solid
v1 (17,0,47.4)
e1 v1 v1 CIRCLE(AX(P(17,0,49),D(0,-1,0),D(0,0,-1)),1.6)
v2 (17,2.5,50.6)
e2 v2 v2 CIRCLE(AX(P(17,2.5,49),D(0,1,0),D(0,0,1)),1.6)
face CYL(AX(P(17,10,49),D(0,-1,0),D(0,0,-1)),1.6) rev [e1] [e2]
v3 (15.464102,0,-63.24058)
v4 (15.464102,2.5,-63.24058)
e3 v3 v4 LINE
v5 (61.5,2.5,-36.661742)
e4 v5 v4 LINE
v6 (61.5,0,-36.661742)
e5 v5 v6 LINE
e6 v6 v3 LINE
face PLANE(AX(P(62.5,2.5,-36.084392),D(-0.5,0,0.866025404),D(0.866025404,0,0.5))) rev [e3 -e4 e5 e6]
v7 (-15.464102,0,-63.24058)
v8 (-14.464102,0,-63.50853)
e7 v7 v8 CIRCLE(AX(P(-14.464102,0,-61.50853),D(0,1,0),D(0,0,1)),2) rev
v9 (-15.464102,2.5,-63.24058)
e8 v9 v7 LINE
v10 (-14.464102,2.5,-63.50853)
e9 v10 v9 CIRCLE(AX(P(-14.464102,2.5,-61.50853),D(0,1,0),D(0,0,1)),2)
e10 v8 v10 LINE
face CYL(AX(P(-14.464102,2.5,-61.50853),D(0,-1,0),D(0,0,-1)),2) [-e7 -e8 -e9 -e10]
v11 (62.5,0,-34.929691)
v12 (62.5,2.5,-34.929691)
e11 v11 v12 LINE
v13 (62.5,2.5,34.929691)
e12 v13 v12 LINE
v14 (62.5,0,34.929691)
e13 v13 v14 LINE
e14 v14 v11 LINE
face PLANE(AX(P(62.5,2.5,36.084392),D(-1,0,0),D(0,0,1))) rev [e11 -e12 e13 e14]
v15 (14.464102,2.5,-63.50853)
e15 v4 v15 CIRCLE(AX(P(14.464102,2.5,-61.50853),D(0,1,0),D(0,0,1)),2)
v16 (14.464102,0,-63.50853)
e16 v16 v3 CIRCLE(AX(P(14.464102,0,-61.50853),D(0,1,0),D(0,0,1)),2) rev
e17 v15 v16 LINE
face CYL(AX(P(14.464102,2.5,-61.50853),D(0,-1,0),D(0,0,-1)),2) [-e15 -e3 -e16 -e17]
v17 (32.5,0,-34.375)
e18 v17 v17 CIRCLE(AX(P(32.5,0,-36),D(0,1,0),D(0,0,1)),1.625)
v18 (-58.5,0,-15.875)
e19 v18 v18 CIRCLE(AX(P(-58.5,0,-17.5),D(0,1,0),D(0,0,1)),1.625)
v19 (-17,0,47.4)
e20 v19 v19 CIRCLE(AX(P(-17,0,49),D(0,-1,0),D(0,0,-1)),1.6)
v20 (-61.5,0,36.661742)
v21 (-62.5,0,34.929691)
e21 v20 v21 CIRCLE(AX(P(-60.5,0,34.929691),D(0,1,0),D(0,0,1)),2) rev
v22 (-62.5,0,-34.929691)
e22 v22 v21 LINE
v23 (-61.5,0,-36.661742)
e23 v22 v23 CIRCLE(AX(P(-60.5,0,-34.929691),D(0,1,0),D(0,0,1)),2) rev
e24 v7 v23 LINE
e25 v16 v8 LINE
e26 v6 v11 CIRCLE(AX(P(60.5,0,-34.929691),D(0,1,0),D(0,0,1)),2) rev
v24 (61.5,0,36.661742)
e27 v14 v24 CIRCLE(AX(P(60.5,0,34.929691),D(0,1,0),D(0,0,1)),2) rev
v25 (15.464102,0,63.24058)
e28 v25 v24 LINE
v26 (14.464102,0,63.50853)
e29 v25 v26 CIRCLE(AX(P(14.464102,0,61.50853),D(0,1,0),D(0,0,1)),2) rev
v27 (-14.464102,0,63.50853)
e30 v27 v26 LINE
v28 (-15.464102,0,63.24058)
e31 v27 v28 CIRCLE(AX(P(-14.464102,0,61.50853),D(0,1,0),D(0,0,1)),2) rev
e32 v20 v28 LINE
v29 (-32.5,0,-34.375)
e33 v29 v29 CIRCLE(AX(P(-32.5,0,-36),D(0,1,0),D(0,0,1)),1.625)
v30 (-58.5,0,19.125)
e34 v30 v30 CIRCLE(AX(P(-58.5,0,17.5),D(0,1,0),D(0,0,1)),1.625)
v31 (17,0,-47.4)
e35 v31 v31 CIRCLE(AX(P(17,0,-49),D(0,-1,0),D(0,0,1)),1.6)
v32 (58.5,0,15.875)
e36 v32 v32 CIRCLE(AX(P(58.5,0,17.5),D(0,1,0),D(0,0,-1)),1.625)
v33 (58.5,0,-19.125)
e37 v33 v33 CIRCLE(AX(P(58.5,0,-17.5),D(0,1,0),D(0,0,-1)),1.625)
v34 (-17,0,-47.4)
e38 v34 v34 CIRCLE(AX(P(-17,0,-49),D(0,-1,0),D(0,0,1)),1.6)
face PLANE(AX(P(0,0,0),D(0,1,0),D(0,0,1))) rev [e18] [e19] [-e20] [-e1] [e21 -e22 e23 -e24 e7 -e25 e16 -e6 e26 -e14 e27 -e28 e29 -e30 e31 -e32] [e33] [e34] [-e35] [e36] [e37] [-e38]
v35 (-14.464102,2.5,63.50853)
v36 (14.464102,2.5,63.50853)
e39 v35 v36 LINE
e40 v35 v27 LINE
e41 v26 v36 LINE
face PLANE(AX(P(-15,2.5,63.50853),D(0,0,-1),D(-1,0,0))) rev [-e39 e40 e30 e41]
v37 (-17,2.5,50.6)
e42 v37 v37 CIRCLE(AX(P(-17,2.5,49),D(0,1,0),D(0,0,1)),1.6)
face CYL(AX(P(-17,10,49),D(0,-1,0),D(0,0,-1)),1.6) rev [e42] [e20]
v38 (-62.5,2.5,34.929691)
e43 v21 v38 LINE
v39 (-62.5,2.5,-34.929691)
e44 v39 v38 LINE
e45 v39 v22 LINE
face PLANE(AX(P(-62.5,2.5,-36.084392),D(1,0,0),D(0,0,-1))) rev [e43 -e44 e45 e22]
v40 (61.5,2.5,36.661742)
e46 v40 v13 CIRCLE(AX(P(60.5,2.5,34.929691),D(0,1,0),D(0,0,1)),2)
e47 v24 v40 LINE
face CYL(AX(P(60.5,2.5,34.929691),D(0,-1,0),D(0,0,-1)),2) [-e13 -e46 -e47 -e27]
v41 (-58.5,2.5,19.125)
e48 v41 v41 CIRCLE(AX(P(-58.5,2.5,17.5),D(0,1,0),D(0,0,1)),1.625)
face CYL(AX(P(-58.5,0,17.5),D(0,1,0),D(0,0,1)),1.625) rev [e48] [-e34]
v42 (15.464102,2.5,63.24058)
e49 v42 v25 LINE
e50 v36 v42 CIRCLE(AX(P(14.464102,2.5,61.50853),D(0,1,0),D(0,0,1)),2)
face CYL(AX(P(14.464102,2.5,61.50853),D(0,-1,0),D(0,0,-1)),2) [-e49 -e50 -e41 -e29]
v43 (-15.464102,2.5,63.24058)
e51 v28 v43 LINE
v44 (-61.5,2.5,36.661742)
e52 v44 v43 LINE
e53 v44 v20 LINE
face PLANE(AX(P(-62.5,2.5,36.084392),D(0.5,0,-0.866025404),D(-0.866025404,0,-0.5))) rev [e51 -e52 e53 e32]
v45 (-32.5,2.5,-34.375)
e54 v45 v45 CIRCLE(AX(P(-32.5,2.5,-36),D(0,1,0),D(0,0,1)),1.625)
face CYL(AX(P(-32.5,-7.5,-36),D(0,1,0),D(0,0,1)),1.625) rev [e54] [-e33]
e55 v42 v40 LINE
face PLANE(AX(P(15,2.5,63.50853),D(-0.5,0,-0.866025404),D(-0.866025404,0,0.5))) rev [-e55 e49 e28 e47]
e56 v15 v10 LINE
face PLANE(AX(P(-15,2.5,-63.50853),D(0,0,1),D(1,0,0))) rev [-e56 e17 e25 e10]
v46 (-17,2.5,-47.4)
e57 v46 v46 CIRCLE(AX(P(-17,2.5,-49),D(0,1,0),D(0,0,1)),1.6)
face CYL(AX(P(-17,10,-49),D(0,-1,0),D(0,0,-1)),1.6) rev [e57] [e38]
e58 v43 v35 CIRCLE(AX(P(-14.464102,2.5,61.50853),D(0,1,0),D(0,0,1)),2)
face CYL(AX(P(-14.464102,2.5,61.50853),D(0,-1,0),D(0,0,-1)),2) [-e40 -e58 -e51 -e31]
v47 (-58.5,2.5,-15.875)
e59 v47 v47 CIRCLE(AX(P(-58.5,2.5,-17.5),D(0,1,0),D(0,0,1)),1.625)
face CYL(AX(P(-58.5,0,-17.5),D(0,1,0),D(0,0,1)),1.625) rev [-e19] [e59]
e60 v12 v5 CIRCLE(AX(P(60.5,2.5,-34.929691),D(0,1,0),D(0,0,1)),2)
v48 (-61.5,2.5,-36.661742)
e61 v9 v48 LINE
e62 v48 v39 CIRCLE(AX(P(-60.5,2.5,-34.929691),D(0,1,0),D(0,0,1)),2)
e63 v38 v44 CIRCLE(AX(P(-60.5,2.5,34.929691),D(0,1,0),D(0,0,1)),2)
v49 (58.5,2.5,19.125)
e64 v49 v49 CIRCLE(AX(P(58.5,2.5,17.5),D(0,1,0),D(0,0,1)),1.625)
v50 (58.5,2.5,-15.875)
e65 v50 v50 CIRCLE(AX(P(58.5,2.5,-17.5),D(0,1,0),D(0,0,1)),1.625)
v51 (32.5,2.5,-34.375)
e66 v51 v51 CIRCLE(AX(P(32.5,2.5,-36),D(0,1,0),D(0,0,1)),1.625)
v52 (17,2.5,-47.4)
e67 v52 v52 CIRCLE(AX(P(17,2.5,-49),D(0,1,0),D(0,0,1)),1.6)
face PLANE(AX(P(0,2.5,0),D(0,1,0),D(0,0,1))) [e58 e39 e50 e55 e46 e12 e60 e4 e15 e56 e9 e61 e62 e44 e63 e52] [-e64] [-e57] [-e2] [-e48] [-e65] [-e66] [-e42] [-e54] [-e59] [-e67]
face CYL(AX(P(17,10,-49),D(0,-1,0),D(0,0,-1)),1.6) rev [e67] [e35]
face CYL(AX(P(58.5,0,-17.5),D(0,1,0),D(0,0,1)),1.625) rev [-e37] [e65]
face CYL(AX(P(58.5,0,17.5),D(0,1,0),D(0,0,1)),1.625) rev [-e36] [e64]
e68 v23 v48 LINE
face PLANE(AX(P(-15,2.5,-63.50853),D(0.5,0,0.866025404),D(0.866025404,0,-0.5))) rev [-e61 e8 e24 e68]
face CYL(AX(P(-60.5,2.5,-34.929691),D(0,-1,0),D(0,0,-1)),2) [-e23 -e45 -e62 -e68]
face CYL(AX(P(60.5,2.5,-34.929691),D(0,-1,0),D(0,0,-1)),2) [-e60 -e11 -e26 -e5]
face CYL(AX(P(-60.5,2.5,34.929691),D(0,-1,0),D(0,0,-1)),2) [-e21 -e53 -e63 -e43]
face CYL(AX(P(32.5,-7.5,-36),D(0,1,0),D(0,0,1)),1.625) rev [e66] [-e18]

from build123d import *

# Parameters (mm, degrees)
BOSS_EXTRUDE1_DEPTH     = 2.5
SKETCH3_R               = 1.6
CUT_EXTRUDE1_DEPTH      = 10
SKETCH5_R               = 1.625
CUT_EXTRUDE2_DEPTH      = 10
CUT_EXTRUDE3_DEPTH      = 90.139403932
CUT_EXTRUDE3_DEPTH_BACK = 90.139403932
SKETCH6_R               = 1.625
FILLET1_R               = 2


with BuildPart() as part:
    # Sketch1 → Boss-Extrude1 (new body)
    with BuildSketch(Plane(origin=(0, 0, 0), x_dir=(1, 0, 0), z_dir=(0, 1, 0))):
        Polygon((-15, 63.508529611), (15, 63.508529611), (62.5, 36.084391824), (62.5, -36.084391824), (15, -63.508529611), (-15, -63.508529611), (-62.5, -36.084391824), (-62.5, 36.084391824), align=None)
    extrude(amount=BOSS_EXTRUDE1_DEPTH)

    # Sketch3 → Cut-Extrude1 (cut)
    with BuildSketch(Plane.XZ):
        with Locations(Location((17, 49, 0), (0, 0, 270))):
            Circle(SKETCH3_R)
        with Locations(Location((-17, 49, 0), (0, 0, 270))):
            Circle(SKETCH3_R)
        with Locations(Location((17, -49, 0), (0, 0, 90))):
            Circle(SKETCH3_R)
        with Locations(Location((-17, -49, 0), (0, 0, 90))):
            Circle(SKETCH3_R)
    extrude(amount=-CUT_EXTRUDE1_DEPTH, mode=Mode.SUBTRACT)

    # Sketch5 → Cut-Extrude2 (cut)
    with BuildSketch(Plane(origin=(0, 2.5, 0), x_dir=(1, 0, 0), z_dir=(0, 1, 0))):
        with Locations(Location((-32.5, 36, 0), (0, 0, 270))):
            Circle(SKETCH5_R)
        with Locations(Location((32.5, 36, 0), (0, 0, 270))):
            Circle(SKETCH5_R)
    extrude(amount=-CUT_EXTRUDE2_DEPTH, mode=Mode.SUBTRACT)

    # Sketch6 → Cut-Extrude3 (cut, two sides: drawn at the far end of the back side and taken through both)
    with BuildSketch(Plane(origin=(0, 2.5, 0), x_dir=(1, 0, 0), z_dir=(0, 1, 0)).offset(-CUT_EXTRUDE3_DEPTH_BACK)):
        with Locations(Location((-58.5, 17.5, 0), (0, 0, 270))):
            Circle(SKETCH6_R)
        with Locations(Location((-58.5, -17.5, 0), (0, 0, 270))):
            Circle(SKETCH6_R)
        with Locations(Location((58.5, -17.5, 0), (0, 0, 270))):
            Circle(SKETCH6_R)
        with Locations(Location((58.5, 17.5, 0), (0, 0, 270))):
            Circle(SKETCH6_R)
    extrude(amount=CUT_EXTRUDE3_DEPTH + CUT_EXTRUDE3_DEPTH_BACK, mode=Mode.SUBTRACT)

    # Fillet1
    fillet1_edges = [part.edges().sort_by_distance(p)[0] for p in [
        (-15, 1.25, -63.508529611),
        (15, 1.25, -63.508529611),
        (62.5, 1.25, -36.084391824),
        (62.5, 1.25, 36.084391824),
        (15, 1.25, 63.508529611),
        (-15, 1.25, 63.508529611),
        (-62.5, 1.25, 36.084391824),
        (-62.5, 1.25, -36.084391824),
    ]]
    fillet(fillet1_edges, radius=FILLET1_R)


solid = part.part
